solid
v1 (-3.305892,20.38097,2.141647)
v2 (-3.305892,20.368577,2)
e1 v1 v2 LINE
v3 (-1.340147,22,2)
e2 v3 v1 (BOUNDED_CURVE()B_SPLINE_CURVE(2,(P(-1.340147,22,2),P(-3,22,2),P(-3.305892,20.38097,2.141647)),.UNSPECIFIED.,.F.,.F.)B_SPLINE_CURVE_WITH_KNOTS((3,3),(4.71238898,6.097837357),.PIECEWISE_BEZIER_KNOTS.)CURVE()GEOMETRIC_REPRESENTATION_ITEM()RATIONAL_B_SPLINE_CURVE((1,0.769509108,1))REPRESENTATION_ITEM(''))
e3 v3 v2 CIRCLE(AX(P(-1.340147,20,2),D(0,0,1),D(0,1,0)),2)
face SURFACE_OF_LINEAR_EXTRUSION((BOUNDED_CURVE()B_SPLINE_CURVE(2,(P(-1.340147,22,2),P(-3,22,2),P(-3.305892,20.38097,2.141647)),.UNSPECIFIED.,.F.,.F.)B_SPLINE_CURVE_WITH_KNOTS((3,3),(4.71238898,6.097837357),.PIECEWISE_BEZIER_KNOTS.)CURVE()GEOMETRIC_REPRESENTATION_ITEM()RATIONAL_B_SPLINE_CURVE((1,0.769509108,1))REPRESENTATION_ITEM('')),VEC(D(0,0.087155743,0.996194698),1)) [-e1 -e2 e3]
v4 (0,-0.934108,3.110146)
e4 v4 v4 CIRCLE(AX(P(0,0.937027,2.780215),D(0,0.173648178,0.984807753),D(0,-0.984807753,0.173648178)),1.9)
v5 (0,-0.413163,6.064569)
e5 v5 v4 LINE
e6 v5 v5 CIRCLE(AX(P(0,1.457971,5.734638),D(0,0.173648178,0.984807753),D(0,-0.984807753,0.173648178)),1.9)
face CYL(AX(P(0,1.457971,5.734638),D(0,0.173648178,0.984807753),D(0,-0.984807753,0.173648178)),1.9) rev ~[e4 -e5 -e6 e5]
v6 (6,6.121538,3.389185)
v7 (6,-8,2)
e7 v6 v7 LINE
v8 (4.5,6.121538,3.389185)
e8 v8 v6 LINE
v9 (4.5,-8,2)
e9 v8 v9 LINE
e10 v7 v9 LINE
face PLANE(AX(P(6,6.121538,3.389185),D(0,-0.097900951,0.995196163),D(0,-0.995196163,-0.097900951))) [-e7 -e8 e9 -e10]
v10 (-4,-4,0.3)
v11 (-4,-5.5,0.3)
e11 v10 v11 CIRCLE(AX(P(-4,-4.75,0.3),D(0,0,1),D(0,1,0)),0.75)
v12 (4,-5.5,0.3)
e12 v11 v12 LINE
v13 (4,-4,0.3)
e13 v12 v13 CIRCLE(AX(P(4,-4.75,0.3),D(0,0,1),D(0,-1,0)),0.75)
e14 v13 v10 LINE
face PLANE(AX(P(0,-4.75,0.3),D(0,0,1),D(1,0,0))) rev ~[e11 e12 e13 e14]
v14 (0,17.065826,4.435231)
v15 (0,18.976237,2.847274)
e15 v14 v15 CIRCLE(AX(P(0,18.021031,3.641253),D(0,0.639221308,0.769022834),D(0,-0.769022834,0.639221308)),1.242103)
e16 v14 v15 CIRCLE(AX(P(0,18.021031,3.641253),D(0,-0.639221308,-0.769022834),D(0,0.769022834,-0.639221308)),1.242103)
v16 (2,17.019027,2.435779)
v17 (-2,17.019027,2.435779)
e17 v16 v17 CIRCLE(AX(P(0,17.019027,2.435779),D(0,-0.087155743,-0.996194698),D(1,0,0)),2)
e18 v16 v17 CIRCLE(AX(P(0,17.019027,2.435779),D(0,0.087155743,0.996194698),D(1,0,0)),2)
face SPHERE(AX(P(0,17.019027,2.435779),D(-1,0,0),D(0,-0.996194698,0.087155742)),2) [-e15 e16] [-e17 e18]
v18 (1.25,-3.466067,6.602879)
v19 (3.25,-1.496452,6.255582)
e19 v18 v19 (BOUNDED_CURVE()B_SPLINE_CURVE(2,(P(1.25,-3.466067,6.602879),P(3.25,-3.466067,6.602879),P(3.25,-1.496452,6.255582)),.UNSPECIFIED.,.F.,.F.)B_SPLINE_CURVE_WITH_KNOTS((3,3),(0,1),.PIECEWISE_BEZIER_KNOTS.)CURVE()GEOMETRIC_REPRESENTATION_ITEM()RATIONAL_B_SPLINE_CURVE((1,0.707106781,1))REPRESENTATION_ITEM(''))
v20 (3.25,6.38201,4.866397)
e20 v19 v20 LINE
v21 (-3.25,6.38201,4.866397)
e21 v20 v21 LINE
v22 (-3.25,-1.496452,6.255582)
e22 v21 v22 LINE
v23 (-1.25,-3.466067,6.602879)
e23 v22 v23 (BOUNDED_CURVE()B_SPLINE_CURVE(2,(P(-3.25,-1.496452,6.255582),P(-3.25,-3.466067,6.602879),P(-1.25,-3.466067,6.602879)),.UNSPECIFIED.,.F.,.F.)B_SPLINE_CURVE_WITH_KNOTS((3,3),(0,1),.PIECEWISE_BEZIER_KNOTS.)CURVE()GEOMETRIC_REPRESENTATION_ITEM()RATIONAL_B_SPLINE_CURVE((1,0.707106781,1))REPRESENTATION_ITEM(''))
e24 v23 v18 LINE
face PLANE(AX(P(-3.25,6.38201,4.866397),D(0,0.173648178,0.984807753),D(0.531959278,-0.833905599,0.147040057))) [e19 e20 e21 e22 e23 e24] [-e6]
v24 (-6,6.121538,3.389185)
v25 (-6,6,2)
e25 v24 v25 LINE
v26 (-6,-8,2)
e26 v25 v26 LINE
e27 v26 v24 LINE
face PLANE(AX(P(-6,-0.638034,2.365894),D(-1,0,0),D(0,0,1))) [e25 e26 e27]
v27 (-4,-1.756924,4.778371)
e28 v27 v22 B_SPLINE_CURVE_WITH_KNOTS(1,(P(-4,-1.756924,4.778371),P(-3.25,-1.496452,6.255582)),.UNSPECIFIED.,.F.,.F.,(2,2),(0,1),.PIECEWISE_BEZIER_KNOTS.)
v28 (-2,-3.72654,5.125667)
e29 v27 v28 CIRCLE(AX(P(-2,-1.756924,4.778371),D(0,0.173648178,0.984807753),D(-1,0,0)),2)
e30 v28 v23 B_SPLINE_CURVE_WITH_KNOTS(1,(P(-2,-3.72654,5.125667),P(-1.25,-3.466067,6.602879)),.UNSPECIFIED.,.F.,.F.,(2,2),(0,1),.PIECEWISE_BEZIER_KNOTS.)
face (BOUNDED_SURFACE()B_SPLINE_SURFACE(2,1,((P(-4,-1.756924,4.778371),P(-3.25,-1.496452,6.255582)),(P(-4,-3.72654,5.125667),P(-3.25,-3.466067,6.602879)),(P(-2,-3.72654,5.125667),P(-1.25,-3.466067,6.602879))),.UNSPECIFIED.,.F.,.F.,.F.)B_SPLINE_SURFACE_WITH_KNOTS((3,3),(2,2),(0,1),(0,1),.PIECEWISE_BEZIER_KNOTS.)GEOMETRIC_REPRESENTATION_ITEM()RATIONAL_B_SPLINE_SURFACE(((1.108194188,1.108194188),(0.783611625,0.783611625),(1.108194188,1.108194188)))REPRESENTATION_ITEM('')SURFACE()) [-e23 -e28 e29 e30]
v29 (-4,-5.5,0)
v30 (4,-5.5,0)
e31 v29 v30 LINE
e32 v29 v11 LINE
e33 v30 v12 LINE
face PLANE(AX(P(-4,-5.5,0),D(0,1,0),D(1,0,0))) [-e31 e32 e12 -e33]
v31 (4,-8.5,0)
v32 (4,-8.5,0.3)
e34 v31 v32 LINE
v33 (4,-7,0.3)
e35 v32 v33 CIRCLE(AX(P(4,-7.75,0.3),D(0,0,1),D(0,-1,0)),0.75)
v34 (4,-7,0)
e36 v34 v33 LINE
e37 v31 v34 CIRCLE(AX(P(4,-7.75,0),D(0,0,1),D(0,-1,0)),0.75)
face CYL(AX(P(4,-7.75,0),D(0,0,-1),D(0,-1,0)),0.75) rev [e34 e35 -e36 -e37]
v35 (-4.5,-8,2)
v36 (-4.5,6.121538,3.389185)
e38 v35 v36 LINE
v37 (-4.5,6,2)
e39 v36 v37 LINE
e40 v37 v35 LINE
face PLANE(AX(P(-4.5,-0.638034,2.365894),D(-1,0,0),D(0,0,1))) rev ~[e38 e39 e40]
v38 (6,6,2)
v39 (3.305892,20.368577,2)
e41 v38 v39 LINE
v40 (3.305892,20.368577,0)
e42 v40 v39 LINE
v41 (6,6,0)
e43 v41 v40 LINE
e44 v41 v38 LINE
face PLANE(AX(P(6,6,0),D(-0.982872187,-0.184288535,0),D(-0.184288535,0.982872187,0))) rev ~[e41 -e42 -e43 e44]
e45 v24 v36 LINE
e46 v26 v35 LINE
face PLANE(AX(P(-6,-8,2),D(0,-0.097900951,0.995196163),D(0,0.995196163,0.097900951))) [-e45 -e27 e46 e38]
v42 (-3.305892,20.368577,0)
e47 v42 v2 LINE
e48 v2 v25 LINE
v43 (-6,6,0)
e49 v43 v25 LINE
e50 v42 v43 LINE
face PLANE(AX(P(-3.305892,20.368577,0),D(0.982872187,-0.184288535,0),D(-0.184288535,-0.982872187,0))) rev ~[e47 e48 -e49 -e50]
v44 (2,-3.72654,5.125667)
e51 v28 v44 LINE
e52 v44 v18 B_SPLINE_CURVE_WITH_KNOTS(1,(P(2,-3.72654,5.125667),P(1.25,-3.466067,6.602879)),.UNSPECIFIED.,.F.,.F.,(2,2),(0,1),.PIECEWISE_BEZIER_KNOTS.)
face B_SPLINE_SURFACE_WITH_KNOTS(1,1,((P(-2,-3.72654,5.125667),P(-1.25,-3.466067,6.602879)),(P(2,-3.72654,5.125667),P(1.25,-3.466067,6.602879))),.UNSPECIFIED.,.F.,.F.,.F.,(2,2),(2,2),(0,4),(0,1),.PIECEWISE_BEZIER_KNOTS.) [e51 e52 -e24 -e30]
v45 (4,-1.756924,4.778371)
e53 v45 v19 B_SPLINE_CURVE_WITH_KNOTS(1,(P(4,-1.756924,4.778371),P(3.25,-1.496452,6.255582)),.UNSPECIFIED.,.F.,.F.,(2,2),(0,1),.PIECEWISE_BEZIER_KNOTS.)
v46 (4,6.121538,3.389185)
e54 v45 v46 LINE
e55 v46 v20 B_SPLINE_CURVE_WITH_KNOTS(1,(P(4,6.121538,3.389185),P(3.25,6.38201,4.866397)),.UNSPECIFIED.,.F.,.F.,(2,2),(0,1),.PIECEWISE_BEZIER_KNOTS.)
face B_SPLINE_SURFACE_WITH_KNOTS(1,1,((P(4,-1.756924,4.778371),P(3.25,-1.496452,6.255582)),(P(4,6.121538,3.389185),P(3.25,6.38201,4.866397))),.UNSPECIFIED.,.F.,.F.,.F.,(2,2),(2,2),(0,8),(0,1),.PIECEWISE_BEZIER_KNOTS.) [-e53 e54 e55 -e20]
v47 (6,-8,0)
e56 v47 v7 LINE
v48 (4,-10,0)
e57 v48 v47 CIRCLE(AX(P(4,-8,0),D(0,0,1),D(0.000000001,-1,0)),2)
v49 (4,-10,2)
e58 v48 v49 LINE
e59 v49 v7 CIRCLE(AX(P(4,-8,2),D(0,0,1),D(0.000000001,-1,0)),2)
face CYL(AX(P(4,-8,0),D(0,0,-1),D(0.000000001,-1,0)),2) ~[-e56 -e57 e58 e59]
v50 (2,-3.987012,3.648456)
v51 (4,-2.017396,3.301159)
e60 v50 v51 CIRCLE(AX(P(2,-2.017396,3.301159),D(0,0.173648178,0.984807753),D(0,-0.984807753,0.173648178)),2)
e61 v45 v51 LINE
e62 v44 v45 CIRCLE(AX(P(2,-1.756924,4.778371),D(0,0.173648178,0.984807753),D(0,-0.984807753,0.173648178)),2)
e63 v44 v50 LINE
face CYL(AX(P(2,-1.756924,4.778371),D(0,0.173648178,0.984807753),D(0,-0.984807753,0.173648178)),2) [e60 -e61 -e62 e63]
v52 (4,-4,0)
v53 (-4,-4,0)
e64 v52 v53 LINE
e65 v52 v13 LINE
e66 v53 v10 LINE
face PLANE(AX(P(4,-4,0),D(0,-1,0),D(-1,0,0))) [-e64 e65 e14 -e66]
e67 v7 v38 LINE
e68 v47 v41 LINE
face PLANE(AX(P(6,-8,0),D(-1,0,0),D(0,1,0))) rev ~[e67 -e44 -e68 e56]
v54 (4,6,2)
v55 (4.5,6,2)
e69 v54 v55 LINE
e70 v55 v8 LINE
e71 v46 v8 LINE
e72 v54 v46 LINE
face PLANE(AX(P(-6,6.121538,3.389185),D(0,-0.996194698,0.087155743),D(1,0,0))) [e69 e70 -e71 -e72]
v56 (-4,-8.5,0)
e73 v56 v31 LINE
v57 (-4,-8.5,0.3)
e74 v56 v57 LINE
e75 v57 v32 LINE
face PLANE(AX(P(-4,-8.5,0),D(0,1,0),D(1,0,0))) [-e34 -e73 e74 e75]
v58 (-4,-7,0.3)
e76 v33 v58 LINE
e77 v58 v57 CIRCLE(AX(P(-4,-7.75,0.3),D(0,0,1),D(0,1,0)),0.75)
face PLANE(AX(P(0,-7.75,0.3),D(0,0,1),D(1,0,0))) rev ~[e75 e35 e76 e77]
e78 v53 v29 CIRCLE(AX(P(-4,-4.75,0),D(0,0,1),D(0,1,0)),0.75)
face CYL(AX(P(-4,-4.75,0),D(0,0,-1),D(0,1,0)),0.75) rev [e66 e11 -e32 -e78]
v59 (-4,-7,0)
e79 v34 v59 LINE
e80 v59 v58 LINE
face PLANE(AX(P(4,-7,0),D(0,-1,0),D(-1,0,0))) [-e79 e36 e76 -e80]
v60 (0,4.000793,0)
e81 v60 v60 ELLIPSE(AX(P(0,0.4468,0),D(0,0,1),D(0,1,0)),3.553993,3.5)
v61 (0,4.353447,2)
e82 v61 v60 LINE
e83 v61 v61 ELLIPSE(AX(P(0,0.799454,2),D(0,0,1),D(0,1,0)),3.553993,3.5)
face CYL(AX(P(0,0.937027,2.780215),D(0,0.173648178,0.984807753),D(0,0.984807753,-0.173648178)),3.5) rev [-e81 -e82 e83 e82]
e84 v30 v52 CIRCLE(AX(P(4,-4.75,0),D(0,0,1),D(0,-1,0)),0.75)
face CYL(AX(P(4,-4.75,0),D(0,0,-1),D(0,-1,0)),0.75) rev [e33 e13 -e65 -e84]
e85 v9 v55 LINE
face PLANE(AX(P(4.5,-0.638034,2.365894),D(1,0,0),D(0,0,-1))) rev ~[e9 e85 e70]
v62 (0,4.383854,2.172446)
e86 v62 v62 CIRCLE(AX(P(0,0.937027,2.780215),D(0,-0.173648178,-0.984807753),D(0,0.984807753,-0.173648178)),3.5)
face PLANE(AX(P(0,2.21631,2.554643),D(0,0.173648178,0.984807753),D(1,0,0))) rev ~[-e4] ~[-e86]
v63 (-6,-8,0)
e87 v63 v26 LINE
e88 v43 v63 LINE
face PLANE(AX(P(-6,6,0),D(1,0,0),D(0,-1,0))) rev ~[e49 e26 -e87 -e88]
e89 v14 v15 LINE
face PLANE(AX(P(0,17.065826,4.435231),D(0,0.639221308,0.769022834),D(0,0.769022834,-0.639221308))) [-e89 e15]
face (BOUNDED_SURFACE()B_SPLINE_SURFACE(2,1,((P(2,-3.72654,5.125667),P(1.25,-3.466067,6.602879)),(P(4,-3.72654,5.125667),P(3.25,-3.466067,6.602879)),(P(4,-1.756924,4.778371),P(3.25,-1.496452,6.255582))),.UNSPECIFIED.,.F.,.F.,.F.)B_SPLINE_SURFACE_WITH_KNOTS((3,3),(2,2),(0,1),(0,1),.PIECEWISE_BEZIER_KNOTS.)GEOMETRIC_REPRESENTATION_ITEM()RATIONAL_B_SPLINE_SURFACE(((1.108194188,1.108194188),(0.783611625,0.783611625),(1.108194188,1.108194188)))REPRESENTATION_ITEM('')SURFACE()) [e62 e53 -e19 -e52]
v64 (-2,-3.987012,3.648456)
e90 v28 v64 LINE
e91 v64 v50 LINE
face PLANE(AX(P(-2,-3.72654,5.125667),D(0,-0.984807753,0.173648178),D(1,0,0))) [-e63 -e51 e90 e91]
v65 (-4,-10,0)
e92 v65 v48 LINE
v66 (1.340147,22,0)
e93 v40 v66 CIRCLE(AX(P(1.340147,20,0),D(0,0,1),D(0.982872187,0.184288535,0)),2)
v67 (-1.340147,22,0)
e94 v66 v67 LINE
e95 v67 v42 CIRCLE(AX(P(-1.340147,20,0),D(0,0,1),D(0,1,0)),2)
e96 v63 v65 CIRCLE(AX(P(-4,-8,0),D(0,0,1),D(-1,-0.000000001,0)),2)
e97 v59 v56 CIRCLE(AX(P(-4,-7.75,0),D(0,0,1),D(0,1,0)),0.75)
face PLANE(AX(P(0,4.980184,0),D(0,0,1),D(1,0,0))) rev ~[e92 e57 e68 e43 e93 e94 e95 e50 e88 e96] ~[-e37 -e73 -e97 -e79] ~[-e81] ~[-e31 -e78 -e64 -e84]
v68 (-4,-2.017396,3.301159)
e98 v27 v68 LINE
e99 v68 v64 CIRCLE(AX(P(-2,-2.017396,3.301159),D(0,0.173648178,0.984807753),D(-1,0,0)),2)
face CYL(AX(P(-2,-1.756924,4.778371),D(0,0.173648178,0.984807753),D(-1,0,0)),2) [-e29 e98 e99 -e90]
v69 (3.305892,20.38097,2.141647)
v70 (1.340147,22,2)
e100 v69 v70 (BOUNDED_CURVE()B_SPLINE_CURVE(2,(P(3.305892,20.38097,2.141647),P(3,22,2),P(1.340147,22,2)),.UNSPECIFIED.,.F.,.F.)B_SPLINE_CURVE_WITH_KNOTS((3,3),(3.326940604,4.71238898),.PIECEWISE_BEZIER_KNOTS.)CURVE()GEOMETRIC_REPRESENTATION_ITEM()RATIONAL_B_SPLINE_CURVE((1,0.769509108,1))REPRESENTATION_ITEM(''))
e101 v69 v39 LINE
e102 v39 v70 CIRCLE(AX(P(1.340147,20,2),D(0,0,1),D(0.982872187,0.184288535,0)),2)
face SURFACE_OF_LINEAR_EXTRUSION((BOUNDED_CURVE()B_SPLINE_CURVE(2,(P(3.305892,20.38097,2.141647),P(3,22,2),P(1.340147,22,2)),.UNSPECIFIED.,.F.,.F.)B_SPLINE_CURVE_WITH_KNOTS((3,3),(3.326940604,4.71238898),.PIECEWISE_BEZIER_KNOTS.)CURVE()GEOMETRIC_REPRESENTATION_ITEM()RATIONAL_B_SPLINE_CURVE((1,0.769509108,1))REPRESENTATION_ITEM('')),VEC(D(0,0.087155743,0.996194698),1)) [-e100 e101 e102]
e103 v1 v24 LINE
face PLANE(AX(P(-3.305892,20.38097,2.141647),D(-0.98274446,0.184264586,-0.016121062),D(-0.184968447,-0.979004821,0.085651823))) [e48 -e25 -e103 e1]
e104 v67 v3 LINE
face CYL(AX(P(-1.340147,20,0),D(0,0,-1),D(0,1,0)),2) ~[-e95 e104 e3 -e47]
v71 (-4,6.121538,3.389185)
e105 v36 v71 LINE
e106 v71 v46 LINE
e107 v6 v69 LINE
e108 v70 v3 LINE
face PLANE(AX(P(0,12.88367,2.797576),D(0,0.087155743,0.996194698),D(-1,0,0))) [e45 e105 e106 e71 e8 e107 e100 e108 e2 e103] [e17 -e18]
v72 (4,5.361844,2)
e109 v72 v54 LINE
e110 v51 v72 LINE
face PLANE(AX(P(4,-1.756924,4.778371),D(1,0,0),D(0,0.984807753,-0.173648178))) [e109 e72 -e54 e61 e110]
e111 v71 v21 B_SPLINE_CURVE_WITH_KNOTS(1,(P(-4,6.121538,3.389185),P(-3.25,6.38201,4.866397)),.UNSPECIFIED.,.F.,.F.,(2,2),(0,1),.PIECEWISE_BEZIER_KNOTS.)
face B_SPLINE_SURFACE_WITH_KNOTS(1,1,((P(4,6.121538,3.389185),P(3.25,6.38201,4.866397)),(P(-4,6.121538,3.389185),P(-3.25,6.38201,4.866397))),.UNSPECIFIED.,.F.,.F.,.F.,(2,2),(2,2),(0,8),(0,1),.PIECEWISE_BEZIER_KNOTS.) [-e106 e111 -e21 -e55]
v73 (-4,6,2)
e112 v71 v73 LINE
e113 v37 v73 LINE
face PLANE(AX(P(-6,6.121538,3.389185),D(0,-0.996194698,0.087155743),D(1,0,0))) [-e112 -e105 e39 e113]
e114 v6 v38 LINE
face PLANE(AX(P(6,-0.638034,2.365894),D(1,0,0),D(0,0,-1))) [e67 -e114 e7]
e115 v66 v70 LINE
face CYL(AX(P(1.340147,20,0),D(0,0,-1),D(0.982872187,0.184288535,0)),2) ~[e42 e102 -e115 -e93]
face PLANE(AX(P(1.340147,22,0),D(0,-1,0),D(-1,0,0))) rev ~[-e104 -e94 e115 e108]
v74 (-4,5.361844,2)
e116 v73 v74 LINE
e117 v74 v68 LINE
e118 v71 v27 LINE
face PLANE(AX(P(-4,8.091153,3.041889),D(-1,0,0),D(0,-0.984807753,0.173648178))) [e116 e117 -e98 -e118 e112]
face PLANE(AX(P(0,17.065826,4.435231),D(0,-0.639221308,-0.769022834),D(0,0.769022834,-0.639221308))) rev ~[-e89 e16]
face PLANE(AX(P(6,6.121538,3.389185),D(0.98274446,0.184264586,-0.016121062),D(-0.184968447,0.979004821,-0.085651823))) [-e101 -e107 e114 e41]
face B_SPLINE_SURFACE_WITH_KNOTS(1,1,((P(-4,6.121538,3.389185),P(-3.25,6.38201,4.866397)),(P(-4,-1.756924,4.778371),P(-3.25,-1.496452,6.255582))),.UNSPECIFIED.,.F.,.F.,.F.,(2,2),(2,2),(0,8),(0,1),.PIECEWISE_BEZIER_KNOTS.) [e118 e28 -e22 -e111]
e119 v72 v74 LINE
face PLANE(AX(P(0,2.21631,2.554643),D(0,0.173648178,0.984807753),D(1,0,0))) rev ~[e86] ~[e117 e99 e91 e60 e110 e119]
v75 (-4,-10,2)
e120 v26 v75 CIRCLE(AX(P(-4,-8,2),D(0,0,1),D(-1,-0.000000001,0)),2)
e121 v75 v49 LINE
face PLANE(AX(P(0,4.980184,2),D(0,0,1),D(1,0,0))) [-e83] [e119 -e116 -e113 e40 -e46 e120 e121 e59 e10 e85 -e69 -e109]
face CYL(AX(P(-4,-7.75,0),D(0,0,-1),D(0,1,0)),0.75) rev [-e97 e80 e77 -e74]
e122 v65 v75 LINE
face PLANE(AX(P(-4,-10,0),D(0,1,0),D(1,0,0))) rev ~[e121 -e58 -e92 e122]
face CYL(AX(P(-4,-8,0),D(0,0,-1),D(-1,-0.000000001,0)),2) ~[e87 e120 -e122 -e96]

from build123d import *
from build123d.topology import SkipClean

# Parameters (mm, degrees)
BOSS_EXTRUDE1_DEPTH     = 2
FINGERGRIP_DEPTH        = 0.3
BOSS_EXTRUDE2_DEPTH     = 2
REVOLVE1_ANGLE          = 180
CUT_EXTRUDE3_DEPTH      = 24.23093064
CUT_EXTRUDE3_DEPTH_BACK = 24.23093064
BOSS_EXTRUDE6_DEPTH     = 1.5
SKETCH24_R              = 1.9
SCREW_THREADS_DEPTH     = 3
SCREW_HEAD_REACH        = 24.63
SKETCH25_R              = 3.5
WALL1_DEPTH             = 1.5
WALL2_DEPTH             = 1.5


with BuildPart() as part:
    # Sketch1 → Boss-Extrude1 (new body)
    with BuildSketch(Plane.XY):
        with BuildLine():
            Line((-4, -10), (4, -10))
            ThreePointArc((4, -10), (5.414213562, -9.414213562), (6, -8))
            Line((6, -8), (6, 6))
            Line((6, 6), (3.305891799, 20.36857707))
            ThreePointArc((3.305891799, 20.36857707), (2.6174191, 21.539018216), (1.340147425, 22))
            Line((1.340147425, 22), (-1.340147425, 22))
            ThreePointArc((-1.340147425, 22), (-2.6174191, 21.539018216), (-3.305891799, 20.36857707))
            Line((-3.305891799, 20.36857707), (-6, 6))
            Line((-6, 6), (-6, -8))
            ThreePointArc((-6, -8), (-5.414213562, -9.414213562), (-4, -10))
        make_face()
    extrude(amount=BOSS_EXTRUDE1_DEPTH)

    # Sketch8 → FingerGrip (cut)
    with BuildSketch(Plane(origin=(0, 0, 0), x_dir=(-1, 0, 0), z_dir=(0, 0, -1))):
        with BuildLine():
            Line((-4, -4), (4, -4))
            ThreePointArc((4, -4), (4.75, -4.75), (4, -5.5))
            Line((4, -5.5), (-4, -5.5))
            ThreePointArc((-4, -5.5), (-4.75, -4.75), (-4, -4))
        make_face()
        with BuildLine():
            Line((-4, -7), (4, -7))
            ThreePointArc((4, -7), (4.75, -7.75), (4, -8.5))
            Line((4, -8.5), (-4, -8.5))
            ThreePointArc((-4, -8.5), (-4.75, -7.75), (-4, -7))
        make_face()
    extrude(amount=-FINGERGRIP_DEPTH, mode=Mode.SUBTRACT)

    # Sketch2 → Boss-Extrude2 (add)
    with BuildSketch(Plane(origin=(0, 0.340762895, 3.894937707), x_dir=(-1, 0, 0), z_dir=(0, 0.08715574274765835, 0.9961946980917455))):
        with BuildLine():
            Line((6, -5.802856703), (-6, -5.802856703))
            Line((-6, -5.802856703), (-3.305891799, -20.116756999))
            add(Edge.make_bspline(
                [(-3.305891799, -20.116756999), (-3, -21.741971873), (-1.340147425, -21.741971873)],
                knots=[3.326940604, 3.326940604, 3.326940604, 4.71238898, 4.71238898, 4.71238898], degree=2, weights=[1, 0.769509108, 1]))
            Line((-1.340147425, -21.741971873), (1.340147425, -21.741971873))
            add(Edge.make_bspline(
                [(1.340147425, -21.741971873), (3, -21.741971873), (3.305891799, -20.116756999)],
                knots=[4.71238898, 4.71238898, 4.71238898, 6.097837357, 6.097837357, 6.097837357], degree=2, weights=[1, 0.769509108, 1]))
            Line((3.305891799, -20.116756999), (6, -5.802856703))
        make_face()
    extrude(amount=-BOSS_EXTRUDE2_DEPTH)

    # Sketch9 → Revolve1 (revolve)
    with BuildSketch(Plane(origin=(0, 0.340762895, 3.894937707), x_dir=(1, 0, 0), z_dir=(0, 0.08715574274765836, 0.9961946980917457))):
        with BuildLine():
            Line((-2, 16.741971873), (2, 16.741971873))
            ThreePointArc((2, 16.741971873), (0, 14.741971873), (-2, 16.741971873))
        make_face()
    revolve(axis=Axis((0, 17.01902651, 2.435778714), (-1, 0, 0)), revolution_arc=REVOLVE1_ANGLE)

    # Sketch11 → Cut-Extrude3 (cut, two sides)
    with SkipClean():  # the faces are left unmerged after this step: merging them gives an invalid solid
        with BuildSketch(Plane(origin=(0, 0, 0), x_dir=(0, 0, -1), z_dir=(1, 0, 0))) as cut_extrude3_sk:
            Polygon((-4.435231088, 17.065826116), (-2.847274196, 18.976236633), (-5.75514434, 18.976236633), align=None)
        extrude(amount=CUT_EXTRUDE3_DEPTH, mode=Mode.SUBTRACT)
        extrude(cut_extrude3_sk.sketch, amount=-CUT_EXTRUDE3_DEPTH_BACK, mode=Mode.SUBTRACT)

    # Sketch17 → Boss-Extrude6 (add)
    with SkipClean():  # the faces are left unmerged after this step: merging them gives an invalid solid
        with BuildSketch(Plane(origin=(0, 0.764171798, 4.333833624), x_dir=(1, 0, 0), z_dir=(0, 0.1736481776669307, 0.984807753012208))):
            with BuildLine():
                Line((-4, 7.440012187), (-4, -2.559987813))
                ThreePointArc((-4, -2.559987813), (-3.414213562, -3.974201376), (-2, -4.559987813))
                Line((-2, -4.559987813), (2, -4.559987813))
                ThreePointArc((2, -4.559987813), (3.414213562, -3.974201376), (4, -2.559987813))
                Line((4, -2.559987813), (4, 7.440012187))
                Line((4, 7.440012187), (-4, 7.440012187))
            make_face()
        extrude(amount=-BOSS_EXTRUDE6_DEPTH)

    # Sketch23 for ChannelLoft → ChannelLoft section 0
    with SkipClean():  # the faces are left unmerged after this step: merging them gives an invalid solid
        with BuildSketch(Plane(origin=(0, 0.764171798, 4.333833624), x_dir=(1, 0, 0), z_dir=(0, 0.1736481776669307, 0.984807753012208))):
            with BuildLine():
                Line((-4, 5.440012187), (-4, -2.559987813))
                # circular arc as an exact rational Bezier (weights 1, cos(half-angle), 1)
                Bezier((-4, -2.559987813), (-4, -4.559987813), (-2, -4.559987813), weights=[1, 0.707106781, 1])
                Line((-2, -4.559987813), (2, -4.559987813))
                Bezier((2, -4.559987813), (4, -4.559987813), (4, -2.559987813), weights=[1, 0.707106781, 1])
                Line((4, -2.559987813), (4, 5.440012187))
                Line((4, 5.440012187), (-4, 5.440012187))
            make_face()
        # Sketch19 for ChannelLoft → ChannelLoft section 1
        with BuildSketch(Plane(origin=(0, 1.024644064, 5.811045254), x_dir=(1, 0, 0), z_dir=(0, 0.1736481776669307, 0.9848077530122081))):
            with BuildLine():
                Line((-3.25, 5.440012187), (-3.25, -2.559987813))
                Bezier((-3.25, -2.559987813), (-3.25, -4.559987813), (-1.25, -4.559987813), weights=[1, 0.707106781, 1])
                Line((-1.25, -4.559987813), (1.25, -4.559987813))
                Bezier((1.25, -4.559987813), (3.25, -4.559987813), (3.25, -2.559987813), weights=[1, 0.707106781, 1])
                Line((3.25, -2.559987813), (3.25, 5.440012187))
                Line((3.25, 5.440012187), (-3.25, 5.440012187))
            make_face()
        loft()

    # Sketch24 → Screw Threads (cut)
    with SkipClean():  # the faces are left unmerged after this step: merging them gives an invalid solid
        with BuildSketch(Plane(origin=(0, 1.024644064, 5.811045254), x_dir=(1, 0, 0), z_dir=(0, 0.17364817766693072, 0.9848077530122081))):
            with Locations(Location((0, 0.440012187, 0), (0, 0, 270))):
                Circle(SKETCH24_R)
        extrude(amount=-SCREW_THREADS_DEPTH, mode=Mode.SUBTRACT)

    # Screw Head: up to this plane
    with SkipClean():  # the faces are left unmerged after this step: merging them gives an invalid solid
        screw_head_end = Plane(origin=(1.340147425, 20, 0), z_dir=(0, 0, 1))
        # Sketch25 → Screw Head (cut, up to the surface)
        with BuildSketch(Plane(origin=(0, 0.503699531, 2.856621995), x_dir=(-1, 0, 0), z_dir=(0, -0.1736481776669307, -0.9848077530122081)), mode=Mode.PRIVATE) as screw_head_sk1:
            with Locations(Location((0, 0.440012187, 0), (0, 0, 90))):
                Circle(SKETCH25_R)
        screw_head_tool1 = split(extrude(screw_head_sk1.sketch, amount=SCREW_HEAD_REACH, mode=Mode.PRIVATE), bisect_by=screw_head_end, keep=Keep.BOTH, mode=Mode.PRIVATE)
        add(screw_head_tool1.solids().sort_by_distance((0, 0.937027, 2.780215))[0], mode=Mode.SUBTRACT)

    # Sketch26 → Wall1 (add)
    with SkipClean():  # the faces are left unmerged after this step: merging them gives an invalid solid
        with BuildSketch(Plane(origin=(6, 0, 0), x_dir=(0, 0, -1), z_dir=(1, 0, 0))):
            Polygon((-2, 6), (-3.389185421, 6.121537976), (-2, -8), align=None)
        extrude(amount=-WALL1_DEPTH)

    # Sketch27 → Wall2 (add)
    with SkipClean():  # the faces are left unmerged after this step: merging them gives an invalid solid
        with BuildSketch(Plane.ZY.offset(6)):
            Polygon((3.389185421, 6.121537976), (2, 6), (2, -8), align=None)
        extrude(amount=-WALL2_DEPTH)


solid = part.part
